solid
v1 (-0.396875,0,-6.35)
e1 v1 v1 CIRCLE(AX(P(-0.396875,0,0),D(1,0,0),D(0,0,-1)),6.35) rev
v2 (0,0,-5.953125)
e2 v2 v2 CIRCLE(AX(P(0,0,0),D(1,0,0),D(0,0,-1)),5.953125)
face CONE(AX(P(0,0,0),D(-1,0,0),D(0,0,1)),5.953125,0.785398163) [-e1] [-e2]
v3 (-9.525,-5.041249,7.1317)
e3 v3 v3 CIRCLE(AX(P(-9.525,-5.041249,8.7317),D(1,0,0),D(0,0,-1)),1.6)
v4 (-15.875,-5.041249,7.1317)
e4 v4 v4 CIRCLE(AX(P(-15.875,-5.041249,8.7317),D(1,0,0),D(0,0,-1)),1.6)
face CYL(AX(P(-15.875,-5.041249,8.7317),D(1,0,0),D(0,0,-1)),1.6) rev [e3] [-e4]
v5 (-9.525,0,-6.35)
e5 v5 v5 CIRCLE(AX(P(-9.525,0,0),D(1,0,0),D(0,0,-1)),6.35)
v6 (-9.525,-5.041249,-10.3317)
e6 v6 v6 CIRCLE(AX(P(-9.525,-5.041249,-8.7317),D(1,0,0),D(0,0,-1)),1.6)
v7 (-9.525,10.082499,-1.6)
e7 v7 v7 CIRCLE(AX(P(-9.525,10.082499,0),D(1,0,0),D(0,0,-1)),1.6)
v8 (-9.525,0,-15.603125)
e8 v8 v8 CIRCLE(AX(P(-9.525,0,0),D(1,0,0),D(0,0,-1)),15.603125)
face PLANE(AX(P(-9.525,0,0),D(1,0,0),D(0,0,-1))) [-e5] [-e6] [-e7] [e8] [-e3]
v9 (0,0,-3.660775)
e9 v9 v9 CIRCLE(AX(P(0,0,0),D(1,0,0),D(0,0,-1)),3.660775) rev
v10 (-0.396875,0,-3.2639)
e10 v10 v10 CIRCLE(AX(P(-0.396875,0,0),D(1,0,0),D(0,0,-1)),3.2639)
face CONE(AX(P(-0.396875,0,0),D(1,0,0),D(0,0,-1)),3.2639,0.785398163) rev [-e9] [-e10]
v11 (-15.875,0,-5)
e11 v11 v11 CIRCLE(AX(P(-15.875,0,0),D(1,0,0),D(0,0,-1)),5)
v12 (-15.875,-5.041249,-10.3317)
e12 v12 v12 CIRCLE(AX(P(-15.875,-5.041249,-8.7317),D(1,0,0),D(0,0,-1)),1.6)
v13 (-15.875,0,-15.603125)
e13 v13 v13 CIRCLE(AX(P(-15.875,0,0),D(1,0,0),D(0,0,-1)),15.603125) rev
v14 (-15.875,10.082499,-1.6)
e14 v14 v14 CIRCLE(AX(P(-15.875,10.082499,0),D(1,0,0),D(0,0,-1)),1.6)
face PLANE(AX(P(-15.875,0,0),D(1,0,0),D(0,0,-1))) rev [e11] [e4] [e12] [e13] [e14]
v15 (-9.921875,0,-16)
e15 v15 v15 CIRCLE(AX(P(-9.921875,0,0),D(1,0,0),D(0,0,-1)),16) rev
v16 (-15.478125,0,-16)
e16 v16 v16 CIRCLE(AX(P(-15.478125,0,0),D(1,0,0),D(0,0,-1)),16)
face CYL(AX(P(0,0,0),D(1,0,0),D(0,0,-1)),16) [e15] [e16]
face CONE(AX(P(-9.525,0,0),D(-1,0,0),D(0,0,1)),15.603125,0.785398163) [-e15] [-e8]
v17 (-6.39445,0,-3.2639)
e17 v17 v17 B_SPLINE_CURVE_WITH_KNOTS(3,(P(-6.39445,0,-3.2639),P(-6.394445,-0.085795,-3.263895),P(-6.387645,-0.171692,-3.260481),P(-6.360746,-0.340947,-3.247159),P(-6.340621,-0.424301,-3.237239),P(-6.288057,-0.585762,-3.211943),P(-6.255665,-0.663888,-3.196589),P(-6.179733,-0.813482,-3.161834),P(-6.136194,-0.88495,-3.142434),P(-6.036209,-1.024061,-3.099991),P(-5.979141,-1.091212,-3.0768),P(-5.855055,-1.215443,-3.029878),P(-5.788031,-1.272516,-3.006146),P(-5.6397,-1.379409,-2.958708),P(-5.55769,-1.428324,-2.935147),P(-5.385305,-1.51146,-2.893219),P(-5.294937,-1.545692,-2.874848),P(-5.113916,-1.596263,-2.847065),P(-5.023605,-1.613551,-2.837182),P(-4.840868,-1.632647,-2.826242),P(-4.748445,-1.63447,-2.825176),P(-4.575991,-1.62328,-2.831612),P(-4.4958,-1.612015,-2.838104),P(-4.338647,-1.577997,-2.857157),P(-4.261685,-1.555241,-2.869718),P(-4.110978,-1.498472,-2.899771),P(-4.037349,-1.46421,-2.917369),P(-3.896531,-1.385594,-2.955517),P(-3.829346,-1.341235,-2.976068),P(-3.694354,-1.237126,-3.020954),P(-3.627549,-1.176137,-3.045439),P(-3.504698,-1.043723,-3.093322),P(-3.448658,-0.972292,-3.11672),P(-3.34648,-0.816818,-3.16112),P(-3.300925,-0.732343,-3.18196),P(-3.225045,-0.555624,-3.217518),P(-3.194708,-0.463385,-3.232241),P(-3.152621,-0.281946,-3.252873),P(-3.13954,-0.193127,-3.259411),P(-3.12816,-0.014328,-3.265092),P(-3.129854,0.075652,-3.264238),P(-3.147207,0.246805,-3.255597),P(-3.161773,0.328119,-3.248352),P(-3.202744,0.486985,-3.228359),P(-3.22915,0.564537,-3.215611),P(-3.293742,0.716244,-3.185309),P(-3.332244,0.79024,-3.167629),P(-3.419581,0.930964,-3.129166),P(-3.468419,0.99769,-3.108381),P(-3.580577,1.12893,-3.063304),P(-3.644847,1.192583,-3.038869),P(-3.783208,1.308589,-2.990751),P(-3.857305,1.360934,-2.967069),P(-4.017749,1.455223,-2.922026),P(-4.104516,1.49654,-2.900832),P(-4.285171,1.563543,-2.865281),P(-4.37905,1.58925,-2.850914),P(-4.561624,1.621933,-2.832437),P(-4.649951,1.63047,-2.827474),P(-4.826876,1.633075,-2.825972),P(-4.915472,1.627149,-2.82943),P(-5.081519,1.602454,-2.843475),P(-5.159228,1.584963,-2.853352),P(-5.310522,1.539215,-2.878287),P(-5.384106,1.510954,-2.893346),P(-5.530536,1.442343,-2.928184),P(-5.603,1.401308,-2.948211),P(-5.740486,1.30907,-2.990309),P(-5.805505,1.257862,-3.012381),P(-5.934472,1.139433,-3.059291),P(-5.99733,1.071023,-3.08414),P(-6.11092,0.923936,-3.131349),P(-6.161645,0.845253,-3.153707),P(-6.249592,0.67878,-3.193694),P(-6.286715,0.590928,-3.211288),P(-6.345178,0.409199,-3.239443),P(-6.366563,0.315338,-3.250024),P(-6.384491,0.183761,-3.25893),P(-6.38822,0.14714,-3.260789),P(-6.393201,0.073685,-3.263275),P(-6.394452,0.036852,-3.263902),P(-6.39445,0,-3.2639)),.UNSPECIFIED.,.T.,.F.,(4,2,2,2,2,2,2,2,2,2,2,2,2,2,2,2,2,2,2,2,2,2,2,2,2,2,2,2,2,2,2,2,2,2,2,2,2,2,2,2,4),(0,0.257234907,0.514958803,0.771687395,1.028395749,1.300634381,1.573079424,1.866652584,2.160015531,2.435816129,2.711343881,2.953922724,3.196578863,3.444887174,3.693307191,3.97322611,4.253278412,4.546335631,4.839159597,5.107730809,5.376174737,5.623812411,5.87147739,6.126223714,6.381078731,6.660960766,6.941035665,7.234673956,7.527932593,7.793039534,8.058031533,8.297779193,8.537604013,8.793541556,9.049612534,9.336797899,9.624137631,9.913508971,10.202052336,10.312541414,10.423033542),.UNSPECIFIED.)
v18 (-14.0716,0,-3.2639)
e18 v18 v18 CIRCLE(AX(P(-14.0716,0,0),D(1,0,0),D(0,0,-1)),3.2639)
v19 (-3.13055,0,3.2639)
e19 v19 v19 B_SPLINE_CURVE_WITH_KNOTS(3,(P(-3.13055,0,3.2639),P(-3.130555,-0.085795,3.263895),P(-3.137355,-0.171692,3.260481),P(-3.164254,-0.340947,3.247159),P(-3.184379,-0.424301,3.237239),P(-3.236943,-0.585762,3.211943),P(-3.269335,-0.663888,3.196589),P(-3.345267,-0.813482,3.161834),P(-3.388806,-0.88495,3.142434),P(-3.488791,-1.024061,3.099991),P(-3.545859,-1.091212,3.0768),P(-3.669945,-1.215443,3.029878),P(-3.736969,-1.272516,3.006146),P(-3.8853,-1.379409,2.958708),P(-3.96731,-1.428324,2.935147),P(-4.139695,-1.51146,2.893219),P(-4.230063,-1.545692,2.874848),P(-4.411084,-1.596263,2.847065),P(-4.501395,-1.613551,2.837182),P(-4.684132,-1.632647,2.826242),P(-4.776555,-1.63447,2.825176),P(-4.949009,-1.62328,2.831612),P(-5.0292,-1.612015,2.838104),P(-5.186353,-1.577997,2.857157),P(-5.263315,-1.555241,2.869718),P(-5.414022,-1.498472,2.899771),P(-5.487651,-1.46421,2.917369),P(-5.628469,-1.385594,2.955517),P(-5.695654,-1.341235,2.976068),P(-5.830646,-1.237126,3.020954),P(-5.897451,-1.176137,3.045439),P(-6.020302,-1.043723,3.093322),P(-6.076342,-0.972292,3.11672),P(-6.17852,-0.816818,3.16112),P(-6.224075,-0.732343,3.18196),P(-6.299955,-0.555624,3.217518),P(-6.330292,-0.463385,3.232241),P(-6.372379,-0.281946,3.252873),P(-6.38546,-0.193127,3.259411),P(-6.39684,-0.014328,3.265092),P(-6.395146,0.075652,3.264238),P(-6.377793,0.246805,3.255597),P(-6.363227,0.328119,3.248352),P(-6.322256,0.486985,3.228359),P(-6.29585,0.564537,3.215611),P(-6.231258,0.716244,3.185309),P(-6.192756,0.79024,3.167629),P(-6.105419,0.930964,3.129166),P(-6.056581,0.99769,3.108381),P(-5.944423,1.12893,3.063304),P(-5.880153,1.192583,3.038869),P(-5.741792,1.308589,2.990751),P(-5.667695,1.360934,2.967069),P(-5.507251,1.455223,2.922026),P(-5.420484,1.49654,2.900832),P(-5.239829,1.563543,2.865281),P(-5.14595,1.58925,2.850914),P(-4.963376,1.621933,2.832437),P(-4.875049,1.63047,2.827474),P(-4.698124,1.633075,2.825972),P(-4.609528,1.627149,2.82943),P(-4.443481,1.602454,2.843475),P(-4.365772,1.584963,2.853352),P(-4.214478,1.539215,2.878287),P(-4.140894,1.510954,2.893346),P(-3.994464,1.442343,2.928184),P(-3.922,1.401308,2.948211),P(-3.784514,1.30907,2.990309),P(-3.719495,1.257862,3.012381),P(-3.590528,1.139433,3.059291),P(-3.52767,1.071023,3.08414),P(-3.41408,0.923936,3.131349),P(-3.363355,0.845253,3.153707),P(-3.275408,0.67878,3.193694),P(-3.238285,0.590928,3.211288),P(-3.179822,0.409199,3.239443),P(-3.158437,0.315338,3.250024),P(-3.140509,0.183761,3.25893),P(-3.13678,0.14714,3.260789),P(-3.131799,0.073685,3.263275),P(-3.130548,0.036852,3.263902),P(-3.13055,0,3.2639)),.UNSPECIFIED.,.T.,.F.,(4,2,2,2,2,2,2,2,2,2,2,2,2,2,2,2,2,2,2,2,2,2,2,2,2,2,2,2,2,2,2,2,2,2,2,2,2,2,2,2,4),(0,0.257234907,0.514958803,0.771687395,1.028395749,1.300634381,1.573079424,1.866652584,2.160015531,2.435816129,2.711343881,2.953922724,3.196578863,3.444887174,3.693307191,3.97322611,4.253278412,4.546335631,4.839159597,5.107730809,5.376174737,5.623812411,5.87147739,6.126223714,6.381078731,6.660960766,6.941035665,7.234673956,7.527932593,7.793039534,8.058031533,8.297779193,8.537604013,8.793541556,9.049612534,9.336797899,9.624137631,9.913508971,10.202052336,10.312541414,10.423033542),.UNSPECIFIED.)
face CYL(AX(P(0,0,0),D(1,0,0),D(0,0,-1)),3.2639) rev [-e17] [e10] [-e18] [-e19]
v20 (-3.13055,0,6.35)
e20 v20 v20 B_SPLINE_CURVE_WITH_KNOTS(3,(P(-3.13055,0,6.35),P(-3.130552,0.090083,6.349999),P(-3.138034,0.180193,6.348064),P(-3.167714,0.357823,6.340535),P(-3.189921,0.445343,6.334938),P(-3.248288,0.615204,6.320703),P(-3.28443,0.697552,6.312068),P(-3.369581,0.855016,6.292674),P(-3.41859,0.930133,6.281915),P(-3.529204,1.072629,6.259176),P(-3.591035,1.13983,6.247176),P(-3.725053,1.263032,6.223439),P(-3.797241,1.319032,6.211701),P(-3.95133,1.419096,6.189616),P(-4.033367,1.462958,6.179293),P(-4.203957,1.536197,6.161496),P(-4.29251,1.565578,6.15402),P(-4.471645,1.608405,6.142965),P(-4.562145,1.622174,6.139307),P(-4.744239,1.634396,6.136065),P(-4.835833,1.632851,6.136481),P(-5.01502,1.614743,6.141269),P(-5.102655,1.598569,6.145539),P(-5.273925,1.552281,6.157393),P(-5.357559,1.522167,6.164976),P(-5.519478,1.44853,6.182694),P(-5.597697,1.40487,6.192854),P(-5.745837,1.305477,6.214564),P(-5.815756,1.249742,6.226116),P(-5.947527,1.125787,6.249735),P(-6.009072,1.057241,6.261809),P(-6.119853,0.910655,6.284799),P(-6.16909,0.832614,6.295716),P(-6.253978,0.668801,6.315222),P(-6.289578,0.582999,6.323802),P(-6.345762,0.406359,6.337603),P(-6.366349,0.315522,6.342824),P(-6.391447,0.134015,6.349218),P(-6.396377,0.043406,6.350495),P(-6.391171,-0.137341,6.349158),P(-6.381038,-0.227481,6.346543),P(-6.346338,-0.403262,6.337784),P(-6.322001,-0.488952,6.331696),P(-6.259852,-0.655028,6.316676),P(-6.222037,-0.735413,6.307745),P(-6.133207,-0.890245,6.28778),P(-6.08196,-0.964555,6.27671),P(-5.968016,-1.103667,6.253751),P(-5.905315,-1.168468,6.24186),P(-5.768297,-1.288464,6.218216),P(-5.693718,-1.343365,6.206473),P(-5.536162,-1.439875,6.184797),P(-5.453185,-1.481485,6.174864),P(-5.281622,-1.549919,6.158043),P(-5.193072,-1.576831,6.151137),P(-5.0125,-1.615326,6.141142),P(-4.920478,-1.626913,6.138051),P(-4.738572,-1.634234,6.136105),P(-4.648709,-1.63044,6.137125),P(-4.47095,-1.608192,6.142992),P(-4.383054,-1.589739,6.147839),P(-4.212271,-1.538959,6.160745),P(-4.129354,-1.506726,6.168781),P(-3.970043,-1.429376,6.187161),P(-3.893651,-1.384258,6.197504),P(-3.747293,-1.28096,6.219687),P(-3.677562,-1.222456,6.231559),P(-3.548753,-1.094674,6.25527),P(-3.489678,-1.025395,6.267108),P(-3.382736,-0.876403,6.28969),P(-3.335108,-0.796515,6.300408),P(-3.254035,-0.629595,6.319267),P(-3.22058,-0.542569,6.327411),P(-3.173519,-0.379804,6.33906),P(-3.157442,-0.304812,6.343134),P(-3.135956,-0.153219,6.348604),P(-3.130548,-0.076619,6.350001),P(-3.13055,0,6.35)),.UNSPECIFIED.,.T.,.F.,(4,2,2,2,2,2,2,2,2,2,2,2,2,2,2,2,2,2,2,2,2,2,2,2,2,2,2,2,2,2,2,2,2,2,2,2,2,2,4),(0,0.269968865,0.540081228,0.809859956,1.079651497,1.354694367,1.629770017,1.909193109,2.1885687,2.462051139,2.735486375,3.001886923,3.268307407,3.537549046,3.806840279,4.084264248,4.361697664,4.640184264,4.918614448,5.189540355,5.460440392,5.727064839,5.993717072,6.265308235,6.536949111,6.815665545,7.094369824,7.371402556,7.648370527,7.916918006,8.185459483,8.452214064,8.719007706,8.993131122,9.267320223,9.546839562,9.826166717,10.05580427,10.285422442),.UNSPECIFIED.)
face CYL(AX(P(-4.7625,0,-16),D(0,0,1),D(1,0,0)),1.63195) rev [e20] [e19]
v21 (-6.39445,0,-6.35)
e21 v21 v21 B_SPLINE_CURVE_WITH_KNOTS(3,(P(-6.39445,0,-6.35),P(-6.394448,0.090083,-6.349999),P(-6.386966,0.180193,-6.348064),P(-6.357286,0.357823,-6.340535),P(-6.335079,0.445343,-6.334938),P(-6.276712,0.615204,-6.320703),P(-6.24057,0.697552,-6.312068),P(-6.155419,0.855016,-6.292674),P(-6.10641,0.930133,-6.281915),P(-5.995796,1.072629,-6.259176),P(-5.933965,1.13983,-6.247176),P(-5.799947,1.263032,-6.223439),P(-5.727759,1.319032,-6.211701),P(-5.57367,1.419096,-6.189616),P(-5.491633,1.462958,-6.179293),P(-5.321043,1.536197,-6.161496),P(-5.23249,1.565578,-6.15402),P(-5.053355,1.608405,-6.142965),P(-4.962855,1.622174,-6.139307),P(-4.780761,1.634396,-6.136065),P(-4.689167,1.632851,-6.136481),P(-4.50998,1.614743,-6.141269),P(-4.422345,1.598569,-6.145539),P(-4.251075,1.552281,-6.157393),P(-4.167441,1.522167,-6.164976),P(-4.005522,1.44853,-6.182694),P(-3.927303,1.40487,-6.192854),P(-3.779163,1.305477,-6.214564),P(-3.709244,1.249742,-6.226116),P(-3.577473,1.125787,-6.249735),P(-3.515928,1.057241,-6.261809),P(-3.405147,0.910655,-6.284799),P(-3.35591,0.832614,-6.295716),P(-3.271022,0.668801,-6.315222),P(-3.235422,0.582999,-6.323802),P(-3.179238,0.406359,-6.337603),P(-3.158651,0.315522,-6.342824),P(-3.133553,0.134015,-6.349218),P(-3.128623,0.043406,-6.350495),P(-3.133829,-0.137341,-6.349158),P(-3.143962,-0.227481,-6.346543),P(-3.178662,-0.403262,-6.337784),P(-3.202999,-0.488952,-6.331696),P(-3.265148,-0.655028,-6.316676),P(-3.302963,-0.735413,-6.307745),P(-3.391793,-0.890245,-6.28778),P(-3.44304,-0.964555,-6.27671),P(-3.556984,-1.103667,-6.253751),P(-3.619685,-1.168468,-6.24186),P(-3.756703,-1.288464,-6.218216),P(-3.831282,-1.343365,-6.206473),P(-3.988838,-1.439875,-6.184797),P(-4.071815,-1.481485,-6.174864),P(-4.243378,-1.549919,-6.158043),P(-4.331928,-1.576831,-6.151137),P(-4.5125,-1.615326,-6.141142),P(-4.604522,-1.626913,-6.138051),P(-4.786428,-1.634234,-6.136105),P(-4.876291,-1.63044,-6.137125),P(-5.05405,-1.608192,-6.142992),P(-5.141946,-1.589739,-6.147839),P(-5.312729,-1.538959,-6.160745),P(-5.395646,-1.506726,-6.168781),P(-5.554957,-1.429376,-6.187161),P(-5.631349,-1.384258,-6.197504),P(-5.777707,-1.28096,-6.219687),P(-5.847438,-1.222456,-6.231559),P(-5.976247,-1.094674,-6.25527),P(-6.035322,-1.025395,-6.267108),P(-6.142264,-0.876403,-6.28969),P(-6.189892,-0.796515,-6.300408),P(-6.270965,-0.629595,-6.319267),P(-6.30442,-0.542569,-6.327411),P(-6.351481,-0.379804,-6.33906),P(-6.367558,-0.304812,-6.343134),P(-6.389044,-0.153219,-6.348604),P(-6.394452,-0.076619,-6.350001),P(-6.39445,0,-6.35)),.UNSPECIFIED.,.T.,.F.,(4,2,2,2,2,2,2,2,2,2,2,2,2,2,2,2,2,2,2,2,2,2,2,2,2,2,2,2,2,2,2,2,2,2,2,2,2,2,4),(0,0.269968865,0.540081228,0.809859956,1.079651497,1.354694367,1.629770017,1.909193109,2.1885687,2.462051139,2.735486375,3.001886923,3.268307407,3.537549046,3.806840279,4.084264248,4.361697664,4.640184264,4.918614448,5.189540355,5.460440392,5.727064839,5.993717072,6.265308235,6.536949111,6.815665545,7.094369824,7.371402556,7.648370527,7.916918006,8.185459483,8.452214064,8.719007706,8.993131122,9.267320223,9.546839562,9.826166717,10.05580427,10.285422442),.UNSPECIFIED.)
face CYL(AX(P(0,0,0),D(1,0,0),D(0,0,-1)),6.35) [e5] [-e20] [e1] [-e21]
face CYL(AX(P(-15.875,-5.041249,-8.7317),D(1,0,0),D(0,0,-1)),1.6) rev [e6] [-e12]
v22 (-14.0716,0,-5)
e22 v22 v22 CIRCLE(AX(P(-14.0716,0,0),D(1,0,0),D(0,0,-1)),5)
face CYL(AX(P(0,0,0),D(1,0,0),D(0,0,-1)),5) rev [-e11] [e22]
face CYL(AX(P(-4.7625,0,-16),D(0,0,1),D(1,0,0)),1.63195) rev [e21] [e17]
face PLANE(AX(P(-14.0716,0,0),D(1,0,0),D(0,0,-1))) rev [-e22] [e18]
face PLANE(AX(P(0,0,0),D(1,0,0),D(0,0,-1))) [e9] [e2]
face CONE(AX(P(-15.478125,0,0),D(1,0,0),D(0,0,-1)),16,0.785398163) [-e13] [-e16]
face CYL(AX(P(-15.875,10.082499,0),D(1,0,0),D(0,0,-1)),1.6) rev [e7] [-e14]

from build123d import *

# Parameters (mm, degrees)
PIN_CUT_DEPTH                  = 28.640832567
PIN_CUT_DEPTH_BACK             = 28.640832567
SKETCH3_R                      = 1.63195
SKETCH2_R                      = 1.6
F_3MM_CLOSE_FIT_BOLT_CUT_DEPTH = 25.550471012
CHAMFER1_SIZE                  = 0.396875


with BuildPart() as part:
    # Sketch1 → Revolve1 (revolve)
    with BuildSketch(Plane.XY, mode=Mode.PRIVATE) as revolve1_sk:
        Polygon((0, 3.2639), (0, 6.35), (-9.525, 6.35), (-9.525, 16), (-15.875, 16), (-15.875, 5), (-14.0716, 5), (-14.0716, 3.2639), align=None)
    revolve(revolve1_sk.sketch.rotate(Axis((0, 0, 0), (-1, 0, 0)), 90), axis=Axis((0, 0, 0), (-1, 0, 0)))

    # Sketch3 → Pin Cut (cut, two sides: drawn at the far end of the back side and taken through both)
    with BuildSketch(Plane.XY.offset(-PIN_CUT_DEPTH_BACK)):
        with Locations((-4.7625, 0)):
            Circle(SKETCH3_R)
    extrude(amount=PIN_CUT_DEPTH + PIN_CUT_DEPTH_BACK, mode=Mode.SUBTRACT)

    # Sketch2 → 3mm Close Fit Bolt Cut (cut, through all)
    with BuildSketch(Plane(origin=(-9.525, 0, 0), x_dir=(0, 0, -1), z_dir=(1, 0, 0))):
        with Locations((0, 10.082498691)):
            Circle(SKETCH2_R)
        with Locations((-8.7317, -5.041249345)):
            Circle(SKETCH2_R)
        with Locations((8.7317, -5.041249345)):
            Circle(SKETCH2_R)
    extrude(amount=-F_3MM_CLOSE_FIT_BOLT_CUT_DEPTH, mode=Mode.SUBTRACT)

    # Chamfer1
    chamfer1_edges = [part.edges().sort_by_distance(p)[0] for p in [
        (0, 0, 3.2639),
        (-15.875, 0, 16),
        (-9.525, 0, 16),
        (0, 0, 6.35),
    ]]
    chamfer(chamfer1_edges, length=CHAMFER1_SIZE)


solid = part.part
